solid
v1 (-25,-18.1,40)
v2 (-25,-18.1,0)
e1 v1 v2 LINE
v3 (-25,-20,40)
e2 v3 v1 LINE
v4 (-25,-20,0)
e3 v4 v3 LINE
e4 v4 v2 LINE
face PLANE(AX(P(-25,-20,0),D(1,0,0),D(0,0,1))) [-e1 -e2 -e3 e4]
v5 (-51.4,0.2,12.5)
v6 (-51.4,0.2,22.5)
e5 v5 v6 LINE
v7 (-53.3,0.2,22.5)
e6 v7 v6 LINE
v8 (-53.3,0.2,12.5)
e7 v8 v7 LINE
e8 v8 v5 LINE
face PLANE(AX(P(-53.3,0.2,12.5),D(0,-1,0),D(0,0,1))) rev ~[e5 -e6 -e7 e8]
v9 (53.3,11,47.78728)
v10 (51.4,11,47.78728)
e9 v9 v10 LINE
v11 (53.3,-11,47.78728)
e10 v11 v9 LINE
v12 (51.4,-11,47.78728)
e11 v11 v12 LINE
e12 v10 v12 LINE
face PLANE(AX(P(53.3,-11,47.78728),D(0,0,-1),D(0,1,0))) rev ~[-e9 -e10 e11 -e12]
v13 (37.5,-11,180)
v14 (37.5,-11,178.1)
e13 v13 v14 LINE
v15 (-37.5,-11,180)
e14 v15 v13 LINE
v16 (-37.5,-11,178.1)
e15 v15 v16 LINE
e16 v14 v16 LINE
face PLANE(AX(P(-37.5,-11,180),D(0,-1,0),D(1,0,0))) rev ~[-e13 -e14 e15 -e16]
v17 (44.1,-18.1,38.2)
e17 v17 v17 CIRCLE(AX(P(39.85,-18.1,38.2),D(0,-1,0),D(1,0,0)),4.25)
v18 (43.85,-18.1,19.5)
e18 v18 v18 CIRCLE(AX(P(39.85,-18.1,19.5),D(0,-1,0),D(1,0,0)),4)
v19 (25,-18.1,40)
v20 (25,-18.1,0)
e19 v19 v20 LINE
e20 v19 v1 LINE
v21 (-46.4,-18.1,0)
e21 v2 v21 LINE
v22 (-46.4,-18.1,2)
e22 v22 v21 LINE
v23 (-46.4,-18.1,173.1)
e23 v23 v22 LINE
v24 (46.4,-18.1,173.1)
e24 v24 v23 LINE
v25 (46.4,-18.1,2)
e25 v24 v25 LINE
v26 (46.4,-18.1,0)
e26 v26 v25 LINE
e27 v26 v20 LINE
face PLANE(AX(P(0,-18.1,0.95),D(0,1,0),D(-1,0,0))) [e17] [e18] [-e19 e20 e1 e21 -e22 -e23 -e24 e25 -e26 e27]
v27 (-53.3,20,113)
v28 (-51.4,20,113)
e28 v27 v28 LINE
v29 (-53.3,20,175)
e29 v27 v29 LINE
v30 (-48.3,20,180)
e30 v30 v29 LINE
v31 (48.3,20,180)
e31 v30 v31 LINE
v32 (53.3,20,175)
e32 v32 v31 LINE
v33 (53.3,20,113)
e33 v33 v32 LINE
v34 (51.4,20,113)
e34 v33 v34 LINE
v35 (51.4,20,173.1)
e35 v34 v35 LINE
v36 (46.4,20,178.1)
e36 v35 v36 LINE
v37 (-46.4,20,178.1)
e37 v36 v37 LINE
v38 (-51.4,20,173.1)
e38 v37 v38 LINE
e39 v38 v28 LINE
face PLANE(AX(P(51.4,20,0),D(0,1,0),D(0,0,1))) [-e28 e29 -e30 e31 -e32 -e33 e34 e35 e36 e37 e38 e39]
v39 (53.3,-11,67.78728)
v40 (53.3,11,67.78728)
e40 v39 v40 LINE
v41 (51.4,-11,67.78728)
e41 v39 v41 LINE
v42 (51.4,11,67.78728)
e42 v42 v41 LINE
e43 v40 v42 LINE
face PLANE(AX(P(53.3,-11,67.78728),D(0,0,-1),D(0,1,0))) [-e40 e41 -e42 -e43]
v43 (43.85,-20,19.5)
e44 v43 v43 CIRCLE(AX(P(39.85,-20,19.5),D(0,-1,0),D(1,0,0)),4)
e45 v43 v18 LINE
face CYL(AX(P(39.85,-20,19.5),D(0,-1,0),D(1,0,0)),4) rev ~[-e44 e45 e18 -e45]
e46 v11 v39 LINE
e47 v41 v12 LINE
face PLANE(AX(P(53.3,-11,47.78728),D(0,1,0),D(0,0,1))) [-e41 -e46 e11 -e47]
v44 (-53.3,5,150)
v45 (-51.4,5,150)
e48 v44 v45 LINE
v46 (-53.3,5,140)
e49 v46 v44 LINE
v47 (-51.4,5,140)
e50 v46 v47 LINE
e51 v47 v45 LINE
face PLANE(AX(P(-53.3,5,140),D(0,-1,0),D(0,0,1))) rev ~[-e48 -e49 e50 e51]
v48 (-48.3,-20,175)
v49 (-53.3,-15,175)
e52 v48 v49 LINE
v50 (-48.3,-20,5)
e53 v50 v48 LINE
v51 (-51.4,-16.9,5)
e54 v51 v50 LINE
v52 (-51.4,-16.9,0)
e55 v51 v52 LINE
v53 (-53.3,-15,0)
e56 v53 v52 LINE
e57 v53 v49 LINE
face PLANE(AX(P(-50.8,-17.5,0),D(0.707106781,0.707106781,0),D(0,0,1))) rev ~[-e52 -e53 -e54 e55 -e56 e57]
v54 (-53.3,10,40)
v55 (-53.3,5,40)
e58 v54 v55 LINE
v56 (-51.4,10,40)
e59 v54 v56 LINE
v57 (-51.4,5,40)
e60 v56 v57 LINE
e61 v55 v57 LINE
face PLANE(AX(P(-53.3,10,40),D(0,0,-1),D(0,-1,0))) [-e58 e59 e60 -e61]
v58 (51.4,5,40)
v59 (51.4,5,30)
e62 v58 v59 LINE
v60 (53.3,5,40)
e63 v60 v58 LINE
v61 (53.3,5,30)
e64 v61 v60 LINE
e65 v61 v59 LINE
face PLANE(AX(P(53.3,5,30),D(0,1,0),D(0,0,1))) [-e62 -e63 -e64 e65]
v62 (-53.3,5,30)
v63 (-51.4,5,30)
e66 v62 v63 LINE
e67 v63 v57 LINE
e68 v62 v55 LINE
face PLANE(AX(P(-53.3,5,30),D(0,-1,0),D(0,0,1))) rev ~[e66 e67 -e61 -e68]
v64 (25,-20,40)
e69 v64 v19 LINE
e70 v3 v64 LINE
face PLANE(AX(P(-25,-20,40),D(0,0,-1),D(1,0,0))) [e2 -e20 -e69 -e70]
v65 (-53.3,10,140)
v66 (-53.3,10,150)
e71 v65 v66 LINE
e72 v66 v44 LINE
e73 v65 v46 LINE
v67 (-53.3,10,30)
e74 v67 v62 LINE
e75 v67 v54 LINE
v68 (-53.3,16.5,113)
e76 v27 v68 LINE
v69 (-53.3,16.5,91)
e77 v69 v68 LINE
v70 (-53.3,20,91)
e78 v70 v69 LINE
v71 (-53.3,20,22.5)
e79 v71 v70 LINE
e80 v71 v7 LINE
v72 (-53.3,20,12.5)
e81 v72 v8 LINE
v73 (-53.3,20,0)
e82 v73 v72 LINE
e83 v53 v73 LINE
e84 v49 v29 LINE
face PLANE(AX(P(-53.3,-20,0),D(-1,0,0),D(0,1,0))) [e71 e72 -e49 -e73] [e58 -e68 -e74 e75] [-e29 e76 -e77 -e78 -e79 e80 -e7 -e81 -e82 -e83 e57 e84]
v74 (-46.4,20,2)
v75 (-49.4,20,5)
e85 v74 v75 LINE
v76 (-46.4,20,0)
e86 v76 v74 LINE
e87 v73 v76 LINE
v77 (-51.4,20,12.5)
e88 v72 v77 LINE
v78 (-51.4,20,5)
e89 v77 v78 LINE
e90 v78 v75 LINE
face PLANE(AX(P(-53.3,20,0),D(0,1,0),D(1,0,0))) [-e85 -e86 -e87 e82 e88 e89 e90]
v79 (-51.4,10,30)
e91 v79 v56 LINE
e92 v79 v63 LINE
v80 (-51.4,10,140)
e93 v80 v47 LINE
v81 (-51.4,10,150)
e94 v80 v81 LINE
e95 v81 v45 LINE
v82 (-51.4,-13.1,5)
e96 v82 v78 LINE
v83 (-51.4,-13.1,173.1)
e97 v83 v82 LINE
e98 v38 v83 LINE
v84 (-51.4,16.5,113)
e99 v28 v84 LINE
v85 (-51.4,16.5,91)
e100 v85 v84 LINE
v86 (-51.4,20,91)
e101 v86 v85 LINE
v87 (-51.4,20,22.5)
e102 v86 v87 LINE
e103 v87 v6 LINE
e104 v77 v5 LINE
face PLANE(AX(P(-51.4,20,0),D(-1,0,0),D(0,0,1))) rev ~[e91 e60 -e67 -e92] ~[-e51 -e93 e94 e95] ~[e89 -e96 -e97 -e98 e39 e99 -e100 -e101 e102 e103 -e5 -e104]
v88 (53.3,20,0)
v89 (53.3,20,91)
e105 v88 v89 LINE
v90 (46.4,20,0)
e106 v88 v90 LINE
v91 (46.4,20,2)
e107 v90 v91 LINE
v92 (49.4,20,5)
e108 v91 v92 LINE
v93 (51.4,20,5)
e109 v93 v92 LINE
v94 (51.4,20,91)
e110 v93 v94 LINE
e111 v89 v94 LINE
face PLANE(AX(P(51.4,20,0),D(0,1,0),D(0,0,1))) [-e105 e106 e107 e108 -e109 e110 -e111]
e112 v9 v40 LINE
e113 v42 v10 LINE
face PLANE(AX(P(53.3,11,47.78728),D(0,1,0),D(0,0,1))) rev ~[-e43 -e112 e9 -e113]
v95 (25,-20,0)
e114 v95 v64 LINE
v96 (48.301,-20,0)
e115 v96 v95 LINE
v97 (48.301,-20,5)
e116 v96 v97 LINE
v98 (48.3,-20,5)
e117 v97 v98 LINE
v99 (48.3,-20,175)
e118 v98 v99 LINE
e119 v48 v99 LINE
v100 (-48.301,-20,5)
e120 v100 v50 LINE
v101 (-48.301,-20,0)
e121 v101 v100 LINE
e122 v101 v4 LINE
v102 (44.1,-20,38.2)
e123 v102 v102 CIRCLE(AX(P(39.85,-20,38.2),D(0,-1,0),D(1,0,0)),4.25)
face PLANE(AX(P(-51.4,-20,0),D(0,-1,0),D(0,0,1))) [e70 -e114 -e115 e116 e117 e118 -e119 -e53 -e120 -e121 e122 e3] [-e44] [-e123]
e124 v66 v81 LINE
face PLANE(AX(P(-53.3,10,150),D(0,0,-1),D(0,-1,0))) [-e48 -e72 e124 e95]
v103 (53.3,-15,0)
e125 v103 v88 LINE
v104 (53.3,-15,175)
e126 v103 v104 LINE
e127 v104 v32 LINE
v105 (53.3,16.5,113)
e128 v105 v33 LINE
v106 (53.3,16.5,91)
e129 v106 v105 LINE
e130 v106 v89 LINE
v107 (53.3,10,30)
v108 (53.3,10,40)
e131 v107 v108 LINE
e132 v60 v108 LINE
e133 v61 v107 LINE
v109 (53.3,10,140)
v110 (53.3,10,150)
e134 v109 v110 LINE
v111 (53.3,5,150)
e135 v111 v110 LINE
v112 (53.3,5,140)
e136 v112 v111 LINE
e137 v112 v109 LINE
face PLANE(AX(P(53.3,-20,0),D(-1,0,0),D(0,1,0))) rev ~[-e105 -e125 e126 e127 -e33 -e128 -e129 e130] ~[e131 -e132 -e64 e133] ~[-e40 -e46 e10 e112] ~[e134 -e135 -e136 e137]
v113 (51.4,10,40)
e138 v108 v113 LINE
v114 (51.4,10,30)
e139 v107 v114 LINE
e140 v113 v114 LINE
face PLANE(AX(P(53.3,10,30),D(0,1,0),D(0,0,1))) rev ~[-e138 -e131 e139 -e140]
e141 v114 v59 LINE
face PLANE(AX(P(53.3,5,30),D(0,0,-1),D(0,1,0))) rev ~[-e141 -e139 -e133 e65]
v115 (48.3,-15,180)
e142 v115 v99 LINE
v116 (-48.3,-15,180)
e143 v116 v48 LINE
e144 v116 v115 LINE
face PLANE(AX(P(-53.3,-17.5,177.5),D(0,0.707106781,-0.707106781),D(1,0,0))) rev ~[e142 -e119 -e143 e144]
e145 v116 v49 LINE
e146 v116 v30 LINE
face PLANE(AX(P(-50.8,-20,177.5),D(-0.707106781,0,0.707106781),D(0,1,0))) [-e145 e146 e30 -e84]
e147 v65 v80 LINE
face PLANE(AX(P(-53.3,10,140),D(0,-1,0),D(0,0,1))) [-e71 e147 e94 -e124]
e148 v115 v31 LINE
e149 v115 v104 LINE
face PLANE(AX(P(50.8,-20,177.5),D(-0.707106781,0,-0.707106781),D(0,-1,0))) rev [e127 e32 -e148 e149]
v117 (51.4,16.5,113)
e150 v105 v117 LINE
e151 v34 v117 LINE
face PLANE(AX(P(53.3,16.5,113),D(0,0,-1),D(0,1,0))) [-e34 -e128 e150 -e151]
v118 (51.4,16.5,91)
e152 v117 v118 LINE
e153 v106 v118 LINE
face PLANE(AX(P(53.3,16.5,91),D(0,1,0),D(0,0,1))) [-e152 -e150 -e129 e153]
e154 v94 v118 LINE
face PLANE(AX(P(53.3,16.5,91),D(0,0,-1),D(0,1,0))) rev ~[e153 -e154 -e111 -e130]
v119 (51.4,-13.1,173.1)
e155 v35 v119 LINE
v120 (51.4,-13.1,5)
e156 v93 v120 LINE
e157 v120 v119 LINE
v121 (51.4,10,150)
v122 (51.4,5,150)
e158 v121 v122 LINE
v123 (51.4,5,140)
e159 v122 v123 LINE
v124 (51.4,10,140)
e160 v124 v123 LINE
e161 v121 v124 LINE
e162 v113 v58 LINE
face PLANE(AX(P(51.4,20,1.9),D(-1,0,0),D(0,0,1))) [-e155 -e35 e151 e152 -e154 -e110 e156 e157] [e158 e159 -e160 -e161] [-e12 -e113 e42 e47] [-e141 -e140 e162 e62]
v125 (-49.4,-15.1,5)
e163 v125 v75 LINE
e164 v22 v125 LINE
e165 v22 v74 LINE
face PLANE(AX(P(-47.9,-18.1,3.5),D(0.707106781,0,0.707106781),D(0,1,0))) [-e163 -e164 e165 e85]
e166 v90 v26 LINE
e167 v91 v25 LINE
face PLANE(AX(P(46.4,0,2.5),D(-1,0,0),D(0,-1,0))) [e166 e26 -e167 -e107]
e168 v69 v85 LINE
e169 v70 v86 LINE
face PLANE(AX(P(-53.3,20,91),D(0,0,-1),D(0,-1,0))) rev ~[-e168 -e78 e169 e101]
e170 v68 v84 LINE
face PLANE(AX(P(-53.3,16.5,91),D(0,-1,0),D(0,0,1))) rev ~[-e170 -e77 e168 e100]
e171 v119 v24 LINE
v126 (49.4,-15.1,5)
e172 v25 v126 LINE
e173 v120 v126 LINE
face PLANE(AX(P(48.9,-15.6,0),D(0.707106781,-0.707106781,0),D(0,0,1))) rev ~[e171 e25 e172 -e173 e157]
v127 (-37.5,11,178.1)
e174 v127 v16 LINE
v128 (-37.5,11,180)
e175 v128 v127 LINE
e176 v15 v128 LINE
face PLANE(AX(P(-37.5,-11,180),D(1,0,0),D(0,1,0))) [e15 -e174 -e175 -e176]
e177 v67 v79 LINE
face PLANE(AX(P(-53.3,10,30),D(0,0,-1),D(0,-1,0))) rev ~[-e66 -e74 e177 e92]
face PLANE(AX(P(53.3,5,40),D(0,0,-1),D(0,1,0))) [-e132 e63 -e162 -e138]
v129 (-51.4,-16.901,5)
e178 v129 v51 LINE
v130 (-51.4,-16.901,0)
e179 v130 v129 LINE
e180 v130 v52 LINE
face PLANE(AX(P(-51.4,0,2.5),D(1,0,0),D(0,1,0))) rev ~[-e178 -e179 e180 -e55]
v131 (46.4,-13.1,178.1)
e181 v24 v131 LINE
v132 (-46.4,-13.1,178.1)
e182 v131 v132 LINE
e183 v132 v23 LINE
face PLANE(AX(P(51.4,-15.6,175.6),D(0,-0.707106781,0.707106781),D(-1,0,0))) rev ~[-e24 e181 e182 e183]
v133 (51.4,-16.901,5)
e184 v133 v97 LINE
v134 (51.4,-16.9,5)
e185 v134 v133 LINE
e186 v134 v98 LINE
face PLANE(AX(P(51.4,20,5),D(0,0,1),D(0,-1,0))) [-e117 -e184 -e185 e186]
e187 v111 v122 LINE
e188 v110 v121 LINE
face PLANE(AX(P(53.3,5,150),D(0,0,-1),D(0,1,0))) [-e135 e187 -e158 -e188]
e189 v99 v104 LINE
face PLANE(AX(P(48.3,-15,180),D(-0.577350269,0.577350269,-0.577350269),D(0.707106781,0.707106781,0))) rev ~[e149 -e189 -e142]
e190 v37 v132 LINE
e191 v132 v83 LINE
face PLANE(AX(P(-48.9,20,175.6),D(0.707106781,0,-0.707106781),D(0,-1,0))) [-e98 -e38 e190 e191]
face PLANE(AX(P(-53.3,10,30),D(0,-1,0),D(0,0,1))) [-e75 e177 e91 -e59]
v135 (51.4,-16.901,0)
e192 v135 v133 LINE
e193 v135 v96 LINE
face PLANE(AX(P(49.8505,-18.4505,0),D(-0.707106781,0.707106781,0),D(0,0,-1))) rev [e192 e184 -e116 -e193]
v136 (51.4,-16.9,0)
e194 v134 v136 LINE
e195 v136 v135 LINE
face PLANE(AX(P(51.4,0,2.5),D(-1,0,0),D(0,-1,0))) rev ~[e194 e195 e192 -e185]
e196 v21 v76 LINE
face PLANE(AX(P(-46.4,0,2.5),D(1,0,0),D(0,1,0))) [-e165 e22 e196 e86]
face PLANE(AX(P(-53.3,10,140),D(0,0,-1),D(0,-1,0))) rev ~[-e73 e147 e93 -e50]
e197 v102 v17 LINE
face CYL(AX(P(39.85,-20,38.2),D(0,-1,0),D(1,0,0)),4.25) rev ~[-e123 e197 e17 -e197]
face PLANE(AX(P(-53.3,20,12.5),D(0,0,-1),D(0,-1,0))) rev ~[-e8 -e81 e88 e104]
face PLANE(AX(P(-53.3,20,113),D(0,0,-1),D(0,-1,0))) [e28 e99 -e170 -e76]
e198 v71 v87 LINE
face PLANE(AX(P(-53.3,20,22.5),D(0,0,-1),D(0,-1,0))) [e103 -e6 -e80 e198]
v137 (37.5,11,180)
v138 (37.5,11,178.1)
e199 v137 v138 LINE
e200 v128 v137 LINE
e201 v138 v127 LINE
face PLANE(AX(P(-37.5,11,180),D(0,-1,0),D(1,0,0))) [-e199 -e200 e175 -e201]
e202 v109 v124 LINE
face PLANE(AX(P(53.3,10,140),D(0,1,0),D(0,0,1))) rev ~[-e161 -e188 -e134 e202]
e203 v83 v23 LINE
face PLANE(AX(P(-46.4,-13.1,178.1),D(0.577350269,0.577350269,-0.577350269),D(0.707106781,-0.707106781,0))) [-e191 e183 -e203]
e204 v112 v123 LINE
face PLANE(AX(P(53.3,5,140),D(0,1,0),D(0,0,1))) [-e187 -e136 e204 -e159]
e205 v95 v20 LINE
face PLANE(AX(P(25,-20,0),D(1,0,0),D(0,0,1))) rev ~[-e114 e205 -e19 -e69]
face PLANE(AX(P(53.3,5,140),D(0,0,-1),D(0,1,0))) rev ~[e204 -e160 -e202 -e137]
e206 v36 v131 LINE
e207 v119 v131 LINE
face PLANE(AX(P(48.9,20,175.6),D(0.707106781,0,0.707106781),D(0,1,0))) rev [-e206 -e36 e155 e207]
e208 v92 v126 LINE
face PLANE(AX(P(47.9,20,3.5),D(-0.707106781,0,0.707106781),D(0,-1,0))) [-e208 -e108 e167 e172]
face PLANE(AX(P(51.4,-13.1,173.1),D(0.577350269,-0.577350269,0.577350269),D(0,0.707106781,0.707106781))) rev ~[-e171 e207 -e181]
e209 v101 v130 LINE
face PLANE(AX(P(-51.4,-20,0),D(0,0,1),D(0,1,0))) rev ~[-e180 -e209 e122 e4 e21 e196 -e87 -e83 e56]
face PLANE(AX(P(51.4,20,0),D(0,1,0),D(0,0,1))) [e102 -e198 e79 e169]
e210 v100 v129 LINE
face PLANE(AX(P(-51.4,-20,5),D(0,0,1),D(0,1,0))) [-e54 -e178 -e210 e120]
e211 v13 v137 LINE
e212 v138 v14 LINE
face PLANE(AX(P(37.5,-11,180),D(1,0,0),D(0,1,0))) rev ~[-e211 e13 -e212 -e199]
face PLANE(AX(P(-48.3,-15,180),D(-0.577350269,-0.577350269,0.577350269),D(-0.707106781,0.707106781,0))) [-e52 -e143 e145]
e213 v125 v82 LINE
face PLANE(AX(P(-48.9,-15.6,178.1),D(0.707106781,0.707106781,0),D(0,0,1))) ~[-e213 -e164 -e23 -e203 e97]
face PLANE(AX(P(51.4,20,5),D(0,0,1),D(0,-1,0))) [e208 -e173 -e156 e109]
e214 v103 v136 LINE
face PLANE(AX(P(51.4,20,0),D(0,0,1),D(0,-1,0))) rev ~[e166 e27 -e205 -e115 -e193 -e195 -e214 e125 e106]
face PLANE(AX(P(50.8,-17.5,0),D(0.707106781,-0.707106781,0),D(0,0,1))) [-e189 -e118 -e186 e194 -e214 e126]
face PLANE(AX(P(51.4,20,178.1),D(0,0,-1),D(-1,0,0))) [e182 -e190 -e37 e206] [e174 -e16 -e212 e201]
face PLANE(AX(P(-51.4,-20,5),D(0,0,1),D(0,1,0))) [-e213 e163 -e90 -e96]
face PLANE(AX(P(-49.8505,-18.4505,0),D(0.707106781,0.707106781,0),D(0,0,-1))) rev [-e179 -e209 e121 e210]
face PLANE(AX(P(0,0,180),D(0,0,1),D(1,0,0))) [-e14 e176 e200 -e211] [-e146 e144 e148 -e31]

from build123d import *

# Parameters (mm, degrees)
SKETCH_W        = 106.6
SKETCH_H        = 40
PAD_DEPTH       = 180
SKETCH001_W     = 102.8
SKETCH001_H     = 176.2
POCKET_DEPTH    = 38.1
SKETCH002_W     = 102.8
SKETCH002_H     = 1.9
POCKET001_DEPTH = 38.1
SKETCH003_W     = 50
SKETCH003_H     = 40
POCKET002_DEPTH = 5
SKETCH004_W     = 22
SKETCH004_H     = 20
POCKET003_DEPTH = 5
SKETCH005_W     = 75
SKETCH005_H     = 22
POCKET004_DEPTH = 5
SKETCH006_R     = 4
SKETCH006_R_2   = 4.25
POCKET005_DEPTH = 5
CHAMFER_SIZE    = 5
CHAMFER001_SIZE = 5
SKETCH007_W     = 5
SKETCH007_H     = 10
POCKET006_DEPTH = 5
SKETCH008_W     = 5
SKETCH008_H     = 10
POCKET007_DEPTH = 5
SKETCH009_W     = 19.8
SKETCH009_H     = 10
POCKET008_DEPTH = 5
SKETCH010_W     = 40
SKETCH010_H     = 5
PAD001_DEPTH    = 5
CHAMFER002_SIZE = 3.099
CHAMFER003_SIZE = 3
SKETCH011_W     = 40
SKETCH011_H     = 5
PAD002_DEPTH    = 5
CHAMFER004_SIZE = 3.099
CHAMFER005_SIZE = 3
SKETCH012_W     = 3.5
SKETCH012_H     = 22
POCKET009_DEPTH = 5
SKETCH013_W     = 3.5
SKETCH013_H     = 22
POCKET010_DEPTH = 5


with BuildPart() as part:
    # Sketch → Pad (new body)
    with BuildSketch(Plane.XY):
        Rectangle(SKETCH_W, SKETCH_H)
    extrude(amount=PAD_DEPTH)

    # Sketch001 (on Face1 of Pad) → Pocket (cut)
    with BuildSketch(Plane(origin=(0, 20, 0), x_dir=(-1, 0, 0), z_dir=(0, 1, 0))):
        with Locations((0, 90)):
            Rectangle(SKETCH001_W, SKETCH001_H)
    extrude(amount=-POCKET_DEPTH, mode=Mode.SUBTRACT)

    # Sketch002 (on Face1 of Pocket) → Pocket001 (cut)
    with BuildSketch(Plane(origin=(0, 20, 0), x_dir=(-1, 0, 0), z_dir=(0, 1, 0))):
        with Locations((0, 0.95)):
            Rectangle(SKETCH002_W, SKETCH002_H)
    extrude(amount=-POCKET001_DEPTH, mode=Mode.SUBTRACT)

    # Sketch003 (on Face11 of Pocket001) → Pocket002 (cut)
    with BuildSketch(Plane.XZ.offset(20)):
        with Locations((0, 20)):
            Rectangle(SKETCH003_W, SKETCH003_H)
    extrude(amount=-POCKET002_DEPTH, mode=Mode.SUBTRACT)

    # Sketch004 (on Face9 of Pocket002) → Pocket003 (cut)
    with BuildSketch(Plane.YZ.offset(53.3)):
        with Locations((0, 57.78728)):
            Rectangle(SKETCH004_W, SKETCH004_H)
    extrude(amount=-POCKET003_DEPTH, mode=Mode.SUBTRACT)

    # Sketch005 (on Face10 of Pocket003) → Pocket004 (cut)
    with BuildSketch(Plane.XY.offset(180)):
        Rectangle(SKETCH005_W, SKETCH005_H)
    extrude(amount=-POCKET004_DEPTH, mode=Mode.SUBTRACT)

    # Sketch006 (on Face12 of Pocket004) → Pocket005 (cut)
    with BuildSketch(Plane.XZ.offset(20)):
        with Locations((39.85, 19.5)):
            Circle(SKETCH006_R)
        with Locations((39.85, 38.2)):
            Circle(SKETCH006_R_2)
    extrude(amount=-POCKET005_DEPTH, mode=Mode.SUBTRACT)

    # Chamfer
    chamfer_edges = [part.edges().sort_by_distance(p)[0] for p in [
        (-51.4, -18.1, 90),
        (-51.4, 0.95, 178.1),
        (0, -18.1, 178.1),
        (51.4, -18.1, 90),
        (51.4, 0.95, 178.1),
    ]]
    chamfer(chamfer_edges, length=CHAMFER_SIZE)

    # Chamfer001
    chamfer001_edges = [part.edges().sort_by_distance(p)[0] for p in [
        (53.3, -20, 90),
        (-53.3, -20, 90),
        (0, -20, 180),
        (53.3, 0, 180),
        (-53.3, 0, 180),
    ]]
    chamfer(chamfer001_edges, length=CHAMFER001_SIZE)

    # Sketch007 (on Face9 of Chamfer001) → Pocket006 (cut)
    with BuildSketch(Plane.YZ.offset(53.3)):
        with Locations((7.5, 145)):
            Rectangle(SKETCH007_W, SKETCH007_H)
        with Locations((7.5, 35)):
            Rectangle(SKETCH007_W, SKETCH007_H)
    extrude(amount=-POCKET006_DEPTH, mode=Mode.SUBTRACT)

    # Sketch008 (on Face2 of Pocket006) → Pocket007 (cut)
    with BuildSketch(Plane(origin=(-53.3, 0, 0), x_dir=(0, -1, 0), z_dir=(-1, 0, 0))):
        with Locations((-7.5, 145)):
            Rectangle(SKETCH008_W, SKETCH008_H)
        with Locations((-7.5, 35)):
            Rectangle(SKETCH008_W, SKETCH008_H)
    extrude(amount=-POCKET007_DEPTH, mode=Mode.SUBTRACT)

    # Sketch009 (on Face2 of Pocket007) → Pocket008 (cut)
    with BuildSketch(Plane(origin=(-53.3, 0, 0), x_dir=(0, -1, 0), z_dir=(-1, 0, 0))):
        with Locations((-10.1, 17.5)):
            Rectangle(SKETCH009_W, SKETCH009_H)
    extrude(amount=-POCKET008_DEPTH, mode=Mode.SUBTRACT)

    # Sketch010 (on Face4 of Pocket008) → Pad001 (join)
    with BuildSketch(Plane.YZ.offset(-51.4)):
        with Locations((0, 2.5)):
            Rectangle(SKETCH010_W, SKETCH010_H)
    extrude(amount=PAD001_DEPTH)

    # Chamfer002
    chamfer002_edges = [part.edges().sort_by_distance(p)[0] for p in [
        (-51.4, -20, 2.5),
    ]]
    chamfer(chamfer002_edges, length=CHAMFER002_SIZE)

    # Chamfer003
    chamfer003_edges = [part.edges().sort_by_distance(p)[0] for p in [
        (-46.4, 0.95, 5),
    ]]
    chamfer(chamfer003_edges, length=CHAMFER003_SIZE)

    # Sketch011 (on Face27 of Chamfer003) → Pad002 (join)
    with BuildSketch(Plane(origin=(51.4, 0, 0), x_dir=(0, -1, 0), z_dir=(-1, 0, 0))):
        with Locations((0, 2.5)):
            Rectangle(SKETCH011_W, SKETCH011_H)
    extrude(amount=PAD002_DEPTH)

    # Chamfer004
    chamfer004_edges = [part.edges().sort_by_distance(p)[0] for p in [
        (51.4, -20, 2.5),
    ]]
    chamfer(chamfer004_edges, length=CHAMFER004_SIZE)

    # Chamfer005
    chamfer005_edges = [part.edges().sort_by_distance(p)[0] for p in [
        (46.4, 0.95, 5),
    ]]
    chamfer(chamfer005_edges, length=CHAMFER005_SIZE)

    # Sketch012 (on Face15 of Chamfer005) → Pocket009 (cut)
    with BuildSketch(Plane.YZ.offset(53.3)):
        with Locations((18.25, 102)):
            Rectangle(SKETCH012_W, SKETCH012_H)
    extrude(amount=-POCKET009_DEPTH, mode=Mode.SUBTRACT)

    # Sketch013 (on Face52 of Pocket009) → Pocket010 (cut)
    with BuildSketch(Plane(origin=(-53.3, 0, 0), x_dir=(0, -1, 0), z_dir=(-1, 0, 0))):
        with Locations((-18.25, 102)):
            Rectangle(SKETCH013_W, SKETCH013_H)
    extrude(amount=-POCKET010_DEPTH, mode=Mode.SUBTRACT)


solid = part.part
